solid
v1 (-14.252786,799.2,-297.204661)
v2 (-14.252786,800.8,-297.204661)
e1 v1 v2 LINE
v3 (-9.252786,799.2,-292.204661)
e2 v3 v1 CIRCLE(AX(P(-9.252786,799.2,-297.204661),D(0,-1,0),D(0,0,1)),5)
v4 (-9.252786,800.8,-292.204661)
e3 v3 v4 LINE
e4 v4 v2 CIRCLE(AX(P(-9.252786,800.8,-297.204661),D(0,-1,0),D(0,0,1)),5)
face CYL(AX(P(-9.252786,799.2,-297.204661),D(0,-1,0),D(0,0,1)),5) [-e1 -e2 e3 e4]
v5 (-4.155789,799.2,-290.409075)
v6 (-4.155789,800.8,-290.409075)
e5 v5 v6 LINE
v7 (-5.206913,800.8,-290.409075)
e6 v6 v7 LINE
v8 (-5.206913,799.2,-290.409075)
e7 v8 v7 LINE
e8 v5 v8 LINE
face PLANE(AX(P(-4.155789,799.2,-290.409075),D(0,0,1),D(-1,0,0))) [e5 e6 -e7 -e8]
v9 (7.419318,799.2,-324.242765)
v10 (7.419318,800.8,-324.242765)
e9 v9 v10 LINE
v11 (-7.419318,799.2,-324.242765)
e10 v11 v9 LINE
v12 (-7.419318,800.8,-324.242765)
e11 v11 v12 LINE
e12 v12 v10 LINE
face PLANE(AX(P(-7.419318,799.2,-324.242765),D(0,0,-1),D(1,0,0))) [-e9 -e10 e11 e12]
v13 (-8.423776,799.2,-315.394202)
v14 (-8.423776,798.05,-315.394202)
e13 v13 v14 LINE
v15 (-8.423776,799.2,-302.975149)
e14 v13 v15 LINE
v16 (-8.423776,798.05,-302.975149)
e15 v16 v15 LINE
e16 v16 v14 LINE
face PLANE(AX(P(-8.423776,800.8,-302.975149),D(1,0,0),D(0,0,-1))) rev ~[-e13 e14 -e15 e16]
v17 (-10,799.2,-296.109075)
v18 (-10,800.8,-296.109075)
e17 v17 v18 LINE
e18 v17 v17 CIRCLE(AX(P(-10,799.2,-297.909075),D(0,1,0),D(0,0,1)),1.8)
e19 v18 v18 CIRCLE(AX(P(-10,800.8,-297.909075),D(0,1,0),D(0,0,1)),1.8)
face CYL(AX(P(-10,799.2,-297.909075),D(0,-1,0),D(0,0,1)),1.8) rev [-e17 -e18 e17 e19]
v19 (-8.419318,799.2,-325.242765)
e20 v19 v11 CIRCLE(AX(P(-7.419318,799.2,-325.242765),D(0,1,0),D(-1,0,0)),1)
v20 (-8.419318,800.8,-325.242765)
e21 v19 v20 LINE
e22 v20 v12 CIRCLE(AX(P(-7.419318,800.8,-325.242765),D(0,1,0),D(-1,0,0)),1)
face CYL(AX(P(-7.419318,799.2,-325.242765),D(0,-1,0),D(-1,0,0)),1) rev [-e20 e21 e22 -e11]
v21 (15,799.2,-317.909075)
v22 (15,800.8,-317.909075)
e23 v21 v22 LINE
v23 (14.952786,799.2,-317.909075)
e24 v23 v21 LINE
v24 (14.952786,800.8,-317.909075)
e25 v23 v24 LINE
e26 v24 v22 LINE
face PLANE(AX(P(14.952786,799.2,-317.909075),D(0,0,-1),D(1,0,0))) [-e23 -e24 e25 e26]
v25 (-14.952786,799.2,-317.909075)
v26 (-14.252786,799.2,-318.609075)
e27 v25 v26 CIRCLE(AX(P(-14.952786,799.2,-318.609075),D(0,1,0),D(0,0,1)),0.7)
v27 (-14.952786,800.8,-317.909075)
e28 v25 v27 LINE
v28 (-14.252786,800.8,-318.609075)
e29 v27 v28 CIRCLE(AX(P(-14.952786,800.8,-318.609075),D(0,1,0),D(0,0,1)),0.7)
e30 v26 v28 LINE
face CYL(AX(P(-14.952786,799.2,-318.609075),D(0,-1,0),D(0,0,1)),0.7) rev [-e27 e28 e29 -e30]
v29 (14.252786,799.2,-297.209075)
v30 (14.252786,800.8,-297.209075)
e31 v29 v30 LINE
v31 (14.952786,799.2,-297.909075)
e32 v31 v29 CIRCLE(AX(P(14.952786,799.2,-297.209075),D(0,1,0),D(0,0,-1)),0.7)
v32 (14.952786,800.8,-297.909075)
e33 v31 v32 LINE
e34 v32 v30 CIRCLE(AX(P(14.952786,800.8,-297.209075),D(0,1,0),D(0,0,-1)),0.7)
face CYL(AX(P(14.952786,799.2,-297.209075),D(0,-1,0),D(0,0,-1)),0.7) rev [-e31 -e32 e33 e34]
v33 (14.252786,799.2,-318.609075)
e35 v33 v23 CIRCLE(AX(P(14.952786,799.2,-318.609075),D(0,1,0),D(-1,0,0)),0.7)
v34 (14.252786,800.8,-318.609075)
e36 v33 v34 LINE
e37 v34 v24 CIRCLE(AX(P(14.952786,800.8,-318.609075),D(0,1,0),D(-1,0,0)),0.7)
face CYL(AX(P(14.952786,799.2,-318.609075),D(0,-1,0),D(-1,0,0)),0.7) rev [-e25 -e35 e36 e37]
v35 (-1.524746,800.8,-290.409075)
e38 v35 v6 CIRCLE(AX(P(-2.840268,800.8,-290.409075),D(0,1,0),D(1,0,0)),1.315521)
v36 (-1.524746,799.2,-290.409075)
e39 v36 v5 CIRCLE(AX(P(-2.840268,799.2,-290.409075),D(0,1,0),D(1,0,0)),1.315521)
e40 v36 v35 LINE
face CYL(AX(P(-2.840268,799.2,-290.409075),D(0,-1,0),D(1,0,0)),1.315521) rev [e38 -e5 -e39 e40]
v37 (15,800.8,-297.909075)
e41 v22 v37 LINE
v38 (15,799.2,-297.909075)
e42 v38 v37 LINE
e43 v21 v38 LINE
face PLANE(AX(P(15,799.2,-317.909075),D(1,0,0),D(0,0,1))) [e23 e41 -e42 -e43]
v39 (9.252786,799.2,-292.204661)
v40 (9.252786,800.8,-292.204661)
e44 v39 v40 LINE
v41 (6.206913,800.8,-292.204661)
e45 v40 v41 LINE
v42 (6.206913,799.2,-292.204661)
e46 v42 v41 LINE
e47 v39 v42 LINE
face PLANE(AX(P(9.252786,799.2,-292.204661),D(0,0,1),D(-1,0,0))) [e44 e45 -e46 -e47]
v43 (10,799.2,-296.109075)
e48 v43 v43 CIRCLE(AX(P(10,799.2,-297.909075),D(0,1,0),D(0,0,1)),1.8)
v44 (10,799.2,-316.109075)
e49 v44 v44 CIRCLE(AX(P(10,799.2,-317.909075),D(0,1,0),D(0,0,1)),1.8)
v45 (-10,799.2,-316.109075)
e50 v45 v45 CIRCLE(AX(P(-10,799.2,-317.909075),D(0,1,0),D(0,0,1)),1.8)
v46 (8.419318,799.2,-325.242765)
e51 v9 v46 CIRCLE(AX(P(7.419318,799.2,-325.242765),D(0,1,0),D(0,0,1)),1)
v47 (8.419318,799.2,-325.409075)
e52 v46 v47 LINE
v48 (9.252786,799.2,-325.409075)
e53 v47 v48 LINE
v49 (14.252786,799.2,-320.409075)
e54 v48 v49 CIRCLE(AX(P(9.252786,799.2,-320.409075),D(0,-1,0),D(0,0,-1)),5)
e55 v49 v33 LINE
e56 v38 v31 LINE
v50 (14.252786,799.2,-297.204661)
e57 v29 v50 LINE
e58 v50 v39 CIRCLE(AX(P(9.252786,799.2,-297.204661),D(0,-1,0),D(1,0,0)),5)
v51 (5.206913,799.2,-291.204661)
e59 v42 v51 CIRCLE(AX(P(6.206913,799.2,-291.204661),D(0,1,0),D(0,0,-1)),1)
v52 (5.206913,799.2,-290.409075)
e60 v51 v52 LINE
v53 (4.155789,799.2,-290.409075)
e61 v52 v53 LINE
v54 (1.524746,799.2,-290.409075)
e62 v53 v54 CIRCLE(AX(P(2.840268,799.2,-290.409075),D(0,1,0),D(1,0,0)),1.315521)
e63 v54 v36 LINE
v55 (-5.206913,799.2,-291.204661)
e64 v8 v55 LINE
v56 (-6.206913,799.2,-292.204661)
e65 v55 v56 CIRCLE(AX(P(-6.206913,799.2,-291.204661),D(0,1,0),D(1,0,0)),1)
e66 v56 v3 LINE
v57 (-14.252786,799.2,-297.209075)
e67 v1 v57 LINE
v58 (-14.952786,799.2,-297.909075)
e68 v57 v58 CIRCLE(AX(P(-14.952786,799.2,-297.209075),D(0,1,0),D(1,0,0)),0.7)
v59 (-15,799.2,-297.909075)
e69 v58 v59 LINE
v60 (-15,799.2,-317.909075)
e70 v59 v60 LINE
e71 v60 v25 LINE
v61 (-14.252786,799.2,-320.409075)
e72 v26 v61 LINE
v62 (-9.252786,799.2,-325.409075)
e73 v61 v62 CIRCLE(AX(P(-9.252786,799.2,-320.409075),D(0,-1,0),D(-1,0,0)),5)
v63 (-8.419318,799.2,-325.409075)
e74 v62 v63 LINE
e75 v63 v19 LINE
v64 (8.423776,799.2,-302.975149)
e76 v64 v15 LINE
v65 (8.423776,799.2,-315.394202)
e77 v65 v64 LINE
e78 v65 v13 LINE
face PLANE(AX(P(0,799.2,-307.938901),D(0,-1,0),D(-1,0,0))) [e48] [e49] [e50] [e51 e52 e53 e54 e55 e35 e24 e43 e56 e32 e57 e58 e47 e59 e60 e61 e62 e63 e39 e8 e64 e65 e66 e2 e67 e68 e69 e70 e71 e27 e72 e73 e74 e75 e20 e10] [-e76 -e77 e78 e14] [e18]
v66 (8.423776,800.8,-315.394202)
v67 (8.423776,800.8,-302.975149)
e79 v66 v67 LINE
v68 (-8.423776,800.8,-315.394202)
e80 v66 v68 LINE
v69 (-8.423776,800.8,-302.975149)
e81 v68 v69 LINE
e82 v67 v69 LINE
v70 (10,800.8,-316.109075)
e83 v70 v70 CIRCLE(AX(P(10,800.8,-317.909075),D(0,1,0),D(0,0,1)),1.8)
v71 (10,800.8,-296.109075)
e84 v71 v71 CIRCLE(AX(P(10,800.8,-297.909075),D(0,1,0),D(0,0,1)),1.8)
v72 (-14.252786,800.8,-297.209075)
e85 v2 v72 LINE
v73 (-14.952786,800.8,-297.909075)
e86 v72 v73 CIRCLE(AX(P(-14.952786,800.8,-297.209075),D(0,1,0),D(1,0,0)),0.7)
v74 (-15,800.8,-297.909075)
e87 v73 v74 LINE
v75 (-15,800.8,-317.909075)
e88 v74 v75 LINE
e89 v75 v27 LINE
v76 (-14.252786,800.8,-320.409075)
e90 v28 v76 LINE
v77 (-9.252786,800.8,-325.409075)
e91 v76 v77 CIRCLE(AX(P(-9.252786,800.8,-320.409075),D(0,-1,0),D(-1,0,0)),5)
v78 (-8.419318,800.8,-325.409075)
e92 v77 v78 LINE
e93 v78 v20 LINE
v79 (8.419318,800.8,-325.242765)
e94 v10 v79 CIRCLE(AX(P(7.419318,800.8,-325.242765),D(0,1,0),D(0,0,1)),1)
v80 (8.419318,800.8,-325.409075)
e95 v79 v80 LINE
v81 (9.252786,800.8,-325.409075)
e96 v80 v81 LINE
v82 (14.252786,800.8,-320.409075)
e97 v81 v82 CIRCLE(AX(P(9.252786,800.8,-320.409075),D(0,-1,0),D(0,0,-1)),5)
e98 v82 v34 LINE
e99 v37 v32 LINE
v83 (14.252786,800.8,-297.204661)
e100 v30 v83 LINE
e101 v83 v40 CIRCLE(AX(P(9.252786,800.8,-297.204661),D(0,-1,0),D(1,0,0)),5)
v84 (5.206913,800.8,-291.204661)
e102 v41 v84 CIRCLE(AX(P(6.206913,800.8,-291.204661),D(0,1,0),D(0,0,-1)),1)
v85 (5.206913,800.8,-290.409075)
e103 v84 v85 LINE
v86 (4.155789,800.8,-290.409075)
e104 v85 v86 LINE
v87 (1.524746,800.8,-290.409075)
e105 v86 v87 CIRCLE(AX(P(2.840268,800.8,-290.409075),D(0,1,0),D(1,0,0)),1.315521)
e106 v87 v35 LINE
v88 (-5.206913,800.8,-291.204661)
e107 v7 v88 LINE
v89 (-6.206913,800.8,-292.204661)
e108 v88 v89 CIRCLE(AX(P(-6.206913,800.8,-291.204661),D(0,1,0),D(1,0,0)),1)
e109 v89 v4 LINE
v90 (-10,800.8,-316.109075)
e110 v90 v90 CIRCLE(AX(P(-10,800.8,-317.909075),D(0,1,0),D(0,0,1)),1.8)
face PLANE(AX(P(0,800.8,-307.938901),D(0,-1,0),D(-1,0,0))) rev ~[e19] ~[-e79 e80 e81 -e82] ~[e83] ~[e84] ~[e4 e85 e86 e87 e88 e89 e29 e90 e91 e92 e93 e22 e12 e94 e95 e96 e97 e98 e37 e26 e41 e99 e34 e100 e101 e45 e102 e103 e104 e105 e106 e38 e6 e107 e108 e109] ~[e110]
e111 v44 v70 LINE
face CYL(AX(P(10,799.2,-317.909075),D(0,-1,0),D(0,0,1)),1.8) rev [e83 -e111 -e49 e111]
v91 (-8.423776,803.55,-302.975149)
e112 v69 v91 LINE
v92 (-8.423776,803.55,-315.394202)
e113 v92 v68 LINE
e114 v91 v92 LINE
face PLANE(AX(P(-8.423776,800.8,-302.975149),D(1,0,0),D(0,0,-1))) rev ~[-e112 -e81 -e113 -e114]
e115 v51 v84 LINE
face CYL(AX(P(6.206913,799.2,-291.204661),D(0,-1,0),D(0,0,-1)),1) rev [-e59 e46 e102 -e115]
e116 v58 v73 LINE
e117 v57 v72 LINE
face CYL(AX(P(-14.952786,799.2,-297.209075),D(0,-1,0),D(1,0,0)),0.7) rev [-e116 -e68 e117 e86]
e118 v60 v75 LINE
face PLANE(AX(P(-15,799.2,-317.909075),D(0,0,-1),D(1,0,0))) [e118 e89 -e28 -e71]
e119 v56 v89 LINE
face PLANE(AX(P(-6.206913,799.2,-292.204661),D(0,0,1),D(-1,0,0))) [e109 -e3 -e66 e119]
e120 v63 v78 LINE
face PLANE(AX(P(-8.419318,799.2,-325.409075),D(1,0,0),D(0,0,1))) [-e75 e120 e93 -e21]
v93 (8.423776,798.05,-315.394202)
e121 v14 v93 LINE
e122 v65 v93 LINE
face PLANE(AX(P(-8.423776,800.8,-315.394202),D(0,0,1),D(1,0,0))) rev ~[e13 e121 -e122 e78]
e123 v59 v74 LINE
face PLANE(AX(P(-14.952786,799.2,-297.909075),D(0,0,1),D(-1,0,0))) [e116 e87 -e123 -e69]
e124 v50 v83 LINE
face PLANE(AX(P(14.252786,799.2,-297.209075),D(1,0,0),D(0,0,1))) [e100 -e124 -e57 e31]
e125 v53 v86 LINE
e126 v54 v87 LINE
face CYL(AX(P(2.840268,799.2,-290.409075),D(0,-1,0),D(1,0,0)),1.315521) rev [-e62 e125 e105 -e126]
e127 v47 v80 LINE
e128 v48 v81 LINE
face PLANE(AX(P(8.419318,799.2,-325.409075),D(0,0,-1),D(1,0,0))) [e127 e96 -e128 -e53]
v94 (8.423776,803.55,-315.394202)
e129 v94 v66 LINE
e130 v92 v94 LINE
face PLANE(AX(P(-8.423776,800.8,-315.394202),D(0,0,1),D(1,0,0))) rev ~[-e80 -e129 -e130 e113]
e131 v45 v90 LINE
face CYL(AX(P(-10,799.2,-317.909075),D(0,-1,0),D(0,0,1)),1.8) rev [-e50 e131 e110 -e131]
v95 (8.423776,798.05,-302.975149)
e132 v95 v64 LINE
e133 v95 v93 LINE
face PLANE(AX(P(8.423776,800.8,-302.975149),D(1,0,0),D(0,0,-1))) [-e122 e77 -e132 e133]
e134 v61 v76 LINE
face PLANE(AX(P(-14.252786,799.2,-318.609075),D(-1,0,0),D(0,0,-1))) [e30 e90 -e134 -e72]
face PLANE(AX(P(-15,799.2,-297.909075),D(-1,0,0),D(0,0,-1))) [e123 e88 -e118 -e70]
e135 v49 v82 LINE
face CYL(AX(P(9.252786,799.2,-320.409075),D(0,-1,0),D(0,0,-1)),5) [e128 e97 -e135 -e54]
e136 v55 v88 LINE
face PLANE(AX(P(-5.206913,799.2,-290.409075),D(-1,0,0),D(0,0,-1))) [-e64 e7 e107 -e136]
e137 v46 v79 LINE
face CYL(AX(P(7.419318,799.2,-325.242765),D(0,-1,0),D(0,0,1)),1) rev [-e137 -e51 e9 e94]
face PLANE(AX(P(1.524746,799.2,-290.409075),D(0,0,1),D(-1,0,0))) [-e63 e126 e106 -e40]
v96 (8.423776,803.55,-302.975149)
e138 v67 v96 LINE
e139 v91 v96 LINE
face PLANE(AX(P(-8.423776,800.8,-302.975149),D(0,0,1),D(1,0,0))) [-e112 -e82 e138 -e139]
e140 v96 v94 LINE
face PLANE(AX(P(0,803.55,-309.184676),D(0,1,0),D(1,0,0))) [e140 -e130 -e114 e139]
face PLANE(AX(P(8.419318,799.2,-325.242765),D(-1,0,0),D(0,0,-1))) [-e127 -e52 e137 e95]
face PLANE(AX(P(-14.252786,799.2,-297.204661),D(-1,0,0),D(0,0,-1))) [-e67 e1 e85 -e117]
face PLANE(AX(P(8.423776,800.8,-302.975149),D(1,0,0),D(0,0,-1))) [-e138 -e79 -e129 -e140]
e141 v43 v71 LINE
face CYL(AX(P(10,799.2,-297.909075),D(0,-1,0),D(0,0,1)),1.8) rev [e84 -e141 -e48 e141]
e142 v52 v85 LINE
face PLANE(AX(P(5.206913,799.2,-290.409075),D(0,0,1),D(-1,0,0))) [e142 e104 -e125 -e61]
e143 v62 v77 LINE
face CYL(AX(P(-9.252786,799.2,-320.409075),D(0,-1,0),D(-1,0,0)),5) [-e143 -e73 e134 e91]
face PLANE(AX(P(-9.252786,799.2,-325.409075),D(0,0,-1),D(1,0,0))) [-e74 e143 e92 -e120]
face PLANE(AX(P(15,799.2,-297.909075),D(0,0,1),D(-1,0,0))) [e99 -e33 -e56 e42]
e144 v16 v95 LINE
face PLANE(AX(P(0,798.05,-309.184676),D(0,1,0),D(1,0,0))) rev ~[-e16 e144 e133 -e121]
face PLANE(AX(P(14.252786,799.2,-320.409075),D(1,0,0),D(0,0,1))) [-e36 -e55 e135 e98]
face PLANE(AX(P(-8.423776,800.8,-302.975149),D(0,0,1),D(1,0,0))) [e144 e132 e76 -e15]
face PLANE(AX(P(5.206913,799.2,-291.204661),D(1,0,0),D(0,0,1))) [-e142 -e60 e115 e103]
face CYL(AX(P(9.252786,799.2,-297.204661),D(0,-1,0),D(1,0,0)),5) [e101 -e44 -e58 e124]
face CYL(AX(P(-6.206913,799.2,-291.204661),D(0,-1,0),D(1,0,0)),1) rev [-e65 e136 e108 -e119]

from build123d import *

# Parameters (mm, degrees)
SKETCH1_R           = 1800
BOSS_EXTRUDE1_DEPTH = 1600
SCALE1_SCALE        = 0.001
SKETCH2_W           = 16.847552216
SKETCH2_H           = 12.419052776
BOSS_EXTRUDE2_DEPTH = 2.75


with BuildPart() as part:
    # Sketch1 → Boss-Extrude1 (new body)
    with BuildSketch(Plane(origin=(0, 0, 0), x_dir=(1, 0, 0), z_dir=(0, 1, 0))):
        with BuildLine():
            Line((5206.912757967, -17500), (4155.788895153, -17500))
            ThreePointArc((4155.788895153, -17500), (2840.267529192, -16184.478634039), (1524.746163231, -17500))
            Line((1524.746163231, -17500), (-1524.746163231, -17500))
            ThreePointArc((-1524.746163231, -17500), (-2840.267529192, -16184.478634039), (-4155.788895153, -17500))
            Line((-4155.788895153, -17500), (-5206.912757967, -17500))
            Line((-5206.912757967, -17500), (-5206.912757967, -16704.41462639))
            ThreePointArc((-5206.912757967, -16704.41462639), (-5499.80597678, -15997.307845203), (-6206.912757967, -15704.41462639))
            Line((-6206.912757967, -15704.41462639), (-9252.786387289, -15704.41462639))
            ThreePointArc((-9252.786387289, -15704.41462639), (-12788.320293222, -14239.948532322), (-14252.786387289, -10704.414626389))
            Line((-14252.786387289, -10704.414626389), (-14252.786387289, -10700))
            ThreePointArc((-14252.786387289, -10700), (-14457.811640459, -10205.025253169), (-14952.786387289, -10000))
            Line((-14952.786387289, -10000), (-15000, -10000))
            Line((-15000, -10000), (-15000, 10000))
            Line((-15000, 10000), (-14952.786387289, 10000))
            ThreePointArc((-14952.786387289, 10000), (-14457.811640459, 10205.025253169), (-14252.786387289, 10700))
            Line((-14252.786387289, 10700), (-14252.786387289, 12500))
            ThreePointArc((-14252.786387289, 12500), (-12788.320293222, 16035.533905933), (-9252.786387289, 17500))
            Line((-9252.786387289, 17500), (-8419.317674219, 17500))
            Line((-8419.317674219, 17500), (-8419.317674219, 17333.689702781))
            ThreePointArc((-8419.317674219, 17333.689702781), (-8126.424455406, 16626.582921594), (-7419.317674219, 16333.689702781))
            Line((-7419.317674219, 16333.689702781), (7419.317674219, 16333.689702781))
            ThreePointArc((7419.317674219, 16333.689702781), (8126.424455406, 16626.582921594), (8419.31767422, 17333.689702781))
            Line((8419.31767422, 17333.689702781), (8419.31767422, 17500))
            Line((8419.31767422, 17500), (9252.786387289, 17500))
            ThreePointArc((9252.786387289, 17500), (12788.320293222, 16035.533905933), (14252.786387289, 12500))
            Line((14252.786387289, 12500), (14252.786387289, 10700))
            ThreePointArc((14252.786387289, 10700), (14457.811640459, 10205.02525317), (14952.786387289, 10000))
            Line((14952.786387289, 10000), (15000, 10000))
            Line((15000, 10000), (15000, -10000))
            Line((15000, -10000), (14952.786387289, -10000))
            ThreePointArc((14952.786387289, -10000), (14457.811640459, -10205.02525317), (14252.786387289, -10700))
            Line((14252.786387289, -10700), (14252.786387289, -10704.414626389))
            ThreePointArc((14252.786387289, -10704.414626389), (12788.320293222, -14239.948532322), (9252.786387289, -15704.41462639))
            Line((9252.786387289, -15704.41462639), (6206.912757967, -15704.41462639))
            ThreePointArc((6206.912757967, -15704.41462639), (5499.80597678, -15997.307845203), (5206.912757967, -16704.41462639))
            Line((5206.912757967, -16704.41462639), (5206.912757967, -17500))
        make_face()
        with Locations(Location((10000, -10000, 0), (0, 0, 270))):
            Circle(SKETCH1_R, mode=Mode.SUBTRACT)
        with Locations(Location((-10000, -10000, 0), (0, 0, 270))):
            Circle(SKETCH1_R, mode=Mode.SUBTRACT)
        with Locations(Location((-10000, 10000, 0), (0, 0, 270))):
            Circle(SKETCH1_R, mode=Mode.SUBTRACT)
        with Locations(Location((10000, 10000, 0), (0, 0, 270))):
            Circle(SKETCH1_R, mode=Mode.SUBTRACT)
    extrude(amount=BOSS_EXTRUDE1_DEPTH)


with BuildPart() as part_1:
    # Scale1: scaled about (0, 800, -308.21729277)
    add(part.part.scale(SCALE1_SCALE).moved(Location((0, 799.2, -307.909075477))))

    # Sketch2 → Boss-Extrude2 (add, symmetric)
    with BuildSketch(Plane(origin=(0, 800.8, 0), x_dir=(1, 0, 0), z_dir=(0, 1, 0))):
        with Locations((0, 309.184675859)):
            Rectangle(SKETCH2_W, SKETCH2_H)
    extrude(amount=BOSS_EXTRUDE2_DEPTH, both=True)


solid = part_1.part
